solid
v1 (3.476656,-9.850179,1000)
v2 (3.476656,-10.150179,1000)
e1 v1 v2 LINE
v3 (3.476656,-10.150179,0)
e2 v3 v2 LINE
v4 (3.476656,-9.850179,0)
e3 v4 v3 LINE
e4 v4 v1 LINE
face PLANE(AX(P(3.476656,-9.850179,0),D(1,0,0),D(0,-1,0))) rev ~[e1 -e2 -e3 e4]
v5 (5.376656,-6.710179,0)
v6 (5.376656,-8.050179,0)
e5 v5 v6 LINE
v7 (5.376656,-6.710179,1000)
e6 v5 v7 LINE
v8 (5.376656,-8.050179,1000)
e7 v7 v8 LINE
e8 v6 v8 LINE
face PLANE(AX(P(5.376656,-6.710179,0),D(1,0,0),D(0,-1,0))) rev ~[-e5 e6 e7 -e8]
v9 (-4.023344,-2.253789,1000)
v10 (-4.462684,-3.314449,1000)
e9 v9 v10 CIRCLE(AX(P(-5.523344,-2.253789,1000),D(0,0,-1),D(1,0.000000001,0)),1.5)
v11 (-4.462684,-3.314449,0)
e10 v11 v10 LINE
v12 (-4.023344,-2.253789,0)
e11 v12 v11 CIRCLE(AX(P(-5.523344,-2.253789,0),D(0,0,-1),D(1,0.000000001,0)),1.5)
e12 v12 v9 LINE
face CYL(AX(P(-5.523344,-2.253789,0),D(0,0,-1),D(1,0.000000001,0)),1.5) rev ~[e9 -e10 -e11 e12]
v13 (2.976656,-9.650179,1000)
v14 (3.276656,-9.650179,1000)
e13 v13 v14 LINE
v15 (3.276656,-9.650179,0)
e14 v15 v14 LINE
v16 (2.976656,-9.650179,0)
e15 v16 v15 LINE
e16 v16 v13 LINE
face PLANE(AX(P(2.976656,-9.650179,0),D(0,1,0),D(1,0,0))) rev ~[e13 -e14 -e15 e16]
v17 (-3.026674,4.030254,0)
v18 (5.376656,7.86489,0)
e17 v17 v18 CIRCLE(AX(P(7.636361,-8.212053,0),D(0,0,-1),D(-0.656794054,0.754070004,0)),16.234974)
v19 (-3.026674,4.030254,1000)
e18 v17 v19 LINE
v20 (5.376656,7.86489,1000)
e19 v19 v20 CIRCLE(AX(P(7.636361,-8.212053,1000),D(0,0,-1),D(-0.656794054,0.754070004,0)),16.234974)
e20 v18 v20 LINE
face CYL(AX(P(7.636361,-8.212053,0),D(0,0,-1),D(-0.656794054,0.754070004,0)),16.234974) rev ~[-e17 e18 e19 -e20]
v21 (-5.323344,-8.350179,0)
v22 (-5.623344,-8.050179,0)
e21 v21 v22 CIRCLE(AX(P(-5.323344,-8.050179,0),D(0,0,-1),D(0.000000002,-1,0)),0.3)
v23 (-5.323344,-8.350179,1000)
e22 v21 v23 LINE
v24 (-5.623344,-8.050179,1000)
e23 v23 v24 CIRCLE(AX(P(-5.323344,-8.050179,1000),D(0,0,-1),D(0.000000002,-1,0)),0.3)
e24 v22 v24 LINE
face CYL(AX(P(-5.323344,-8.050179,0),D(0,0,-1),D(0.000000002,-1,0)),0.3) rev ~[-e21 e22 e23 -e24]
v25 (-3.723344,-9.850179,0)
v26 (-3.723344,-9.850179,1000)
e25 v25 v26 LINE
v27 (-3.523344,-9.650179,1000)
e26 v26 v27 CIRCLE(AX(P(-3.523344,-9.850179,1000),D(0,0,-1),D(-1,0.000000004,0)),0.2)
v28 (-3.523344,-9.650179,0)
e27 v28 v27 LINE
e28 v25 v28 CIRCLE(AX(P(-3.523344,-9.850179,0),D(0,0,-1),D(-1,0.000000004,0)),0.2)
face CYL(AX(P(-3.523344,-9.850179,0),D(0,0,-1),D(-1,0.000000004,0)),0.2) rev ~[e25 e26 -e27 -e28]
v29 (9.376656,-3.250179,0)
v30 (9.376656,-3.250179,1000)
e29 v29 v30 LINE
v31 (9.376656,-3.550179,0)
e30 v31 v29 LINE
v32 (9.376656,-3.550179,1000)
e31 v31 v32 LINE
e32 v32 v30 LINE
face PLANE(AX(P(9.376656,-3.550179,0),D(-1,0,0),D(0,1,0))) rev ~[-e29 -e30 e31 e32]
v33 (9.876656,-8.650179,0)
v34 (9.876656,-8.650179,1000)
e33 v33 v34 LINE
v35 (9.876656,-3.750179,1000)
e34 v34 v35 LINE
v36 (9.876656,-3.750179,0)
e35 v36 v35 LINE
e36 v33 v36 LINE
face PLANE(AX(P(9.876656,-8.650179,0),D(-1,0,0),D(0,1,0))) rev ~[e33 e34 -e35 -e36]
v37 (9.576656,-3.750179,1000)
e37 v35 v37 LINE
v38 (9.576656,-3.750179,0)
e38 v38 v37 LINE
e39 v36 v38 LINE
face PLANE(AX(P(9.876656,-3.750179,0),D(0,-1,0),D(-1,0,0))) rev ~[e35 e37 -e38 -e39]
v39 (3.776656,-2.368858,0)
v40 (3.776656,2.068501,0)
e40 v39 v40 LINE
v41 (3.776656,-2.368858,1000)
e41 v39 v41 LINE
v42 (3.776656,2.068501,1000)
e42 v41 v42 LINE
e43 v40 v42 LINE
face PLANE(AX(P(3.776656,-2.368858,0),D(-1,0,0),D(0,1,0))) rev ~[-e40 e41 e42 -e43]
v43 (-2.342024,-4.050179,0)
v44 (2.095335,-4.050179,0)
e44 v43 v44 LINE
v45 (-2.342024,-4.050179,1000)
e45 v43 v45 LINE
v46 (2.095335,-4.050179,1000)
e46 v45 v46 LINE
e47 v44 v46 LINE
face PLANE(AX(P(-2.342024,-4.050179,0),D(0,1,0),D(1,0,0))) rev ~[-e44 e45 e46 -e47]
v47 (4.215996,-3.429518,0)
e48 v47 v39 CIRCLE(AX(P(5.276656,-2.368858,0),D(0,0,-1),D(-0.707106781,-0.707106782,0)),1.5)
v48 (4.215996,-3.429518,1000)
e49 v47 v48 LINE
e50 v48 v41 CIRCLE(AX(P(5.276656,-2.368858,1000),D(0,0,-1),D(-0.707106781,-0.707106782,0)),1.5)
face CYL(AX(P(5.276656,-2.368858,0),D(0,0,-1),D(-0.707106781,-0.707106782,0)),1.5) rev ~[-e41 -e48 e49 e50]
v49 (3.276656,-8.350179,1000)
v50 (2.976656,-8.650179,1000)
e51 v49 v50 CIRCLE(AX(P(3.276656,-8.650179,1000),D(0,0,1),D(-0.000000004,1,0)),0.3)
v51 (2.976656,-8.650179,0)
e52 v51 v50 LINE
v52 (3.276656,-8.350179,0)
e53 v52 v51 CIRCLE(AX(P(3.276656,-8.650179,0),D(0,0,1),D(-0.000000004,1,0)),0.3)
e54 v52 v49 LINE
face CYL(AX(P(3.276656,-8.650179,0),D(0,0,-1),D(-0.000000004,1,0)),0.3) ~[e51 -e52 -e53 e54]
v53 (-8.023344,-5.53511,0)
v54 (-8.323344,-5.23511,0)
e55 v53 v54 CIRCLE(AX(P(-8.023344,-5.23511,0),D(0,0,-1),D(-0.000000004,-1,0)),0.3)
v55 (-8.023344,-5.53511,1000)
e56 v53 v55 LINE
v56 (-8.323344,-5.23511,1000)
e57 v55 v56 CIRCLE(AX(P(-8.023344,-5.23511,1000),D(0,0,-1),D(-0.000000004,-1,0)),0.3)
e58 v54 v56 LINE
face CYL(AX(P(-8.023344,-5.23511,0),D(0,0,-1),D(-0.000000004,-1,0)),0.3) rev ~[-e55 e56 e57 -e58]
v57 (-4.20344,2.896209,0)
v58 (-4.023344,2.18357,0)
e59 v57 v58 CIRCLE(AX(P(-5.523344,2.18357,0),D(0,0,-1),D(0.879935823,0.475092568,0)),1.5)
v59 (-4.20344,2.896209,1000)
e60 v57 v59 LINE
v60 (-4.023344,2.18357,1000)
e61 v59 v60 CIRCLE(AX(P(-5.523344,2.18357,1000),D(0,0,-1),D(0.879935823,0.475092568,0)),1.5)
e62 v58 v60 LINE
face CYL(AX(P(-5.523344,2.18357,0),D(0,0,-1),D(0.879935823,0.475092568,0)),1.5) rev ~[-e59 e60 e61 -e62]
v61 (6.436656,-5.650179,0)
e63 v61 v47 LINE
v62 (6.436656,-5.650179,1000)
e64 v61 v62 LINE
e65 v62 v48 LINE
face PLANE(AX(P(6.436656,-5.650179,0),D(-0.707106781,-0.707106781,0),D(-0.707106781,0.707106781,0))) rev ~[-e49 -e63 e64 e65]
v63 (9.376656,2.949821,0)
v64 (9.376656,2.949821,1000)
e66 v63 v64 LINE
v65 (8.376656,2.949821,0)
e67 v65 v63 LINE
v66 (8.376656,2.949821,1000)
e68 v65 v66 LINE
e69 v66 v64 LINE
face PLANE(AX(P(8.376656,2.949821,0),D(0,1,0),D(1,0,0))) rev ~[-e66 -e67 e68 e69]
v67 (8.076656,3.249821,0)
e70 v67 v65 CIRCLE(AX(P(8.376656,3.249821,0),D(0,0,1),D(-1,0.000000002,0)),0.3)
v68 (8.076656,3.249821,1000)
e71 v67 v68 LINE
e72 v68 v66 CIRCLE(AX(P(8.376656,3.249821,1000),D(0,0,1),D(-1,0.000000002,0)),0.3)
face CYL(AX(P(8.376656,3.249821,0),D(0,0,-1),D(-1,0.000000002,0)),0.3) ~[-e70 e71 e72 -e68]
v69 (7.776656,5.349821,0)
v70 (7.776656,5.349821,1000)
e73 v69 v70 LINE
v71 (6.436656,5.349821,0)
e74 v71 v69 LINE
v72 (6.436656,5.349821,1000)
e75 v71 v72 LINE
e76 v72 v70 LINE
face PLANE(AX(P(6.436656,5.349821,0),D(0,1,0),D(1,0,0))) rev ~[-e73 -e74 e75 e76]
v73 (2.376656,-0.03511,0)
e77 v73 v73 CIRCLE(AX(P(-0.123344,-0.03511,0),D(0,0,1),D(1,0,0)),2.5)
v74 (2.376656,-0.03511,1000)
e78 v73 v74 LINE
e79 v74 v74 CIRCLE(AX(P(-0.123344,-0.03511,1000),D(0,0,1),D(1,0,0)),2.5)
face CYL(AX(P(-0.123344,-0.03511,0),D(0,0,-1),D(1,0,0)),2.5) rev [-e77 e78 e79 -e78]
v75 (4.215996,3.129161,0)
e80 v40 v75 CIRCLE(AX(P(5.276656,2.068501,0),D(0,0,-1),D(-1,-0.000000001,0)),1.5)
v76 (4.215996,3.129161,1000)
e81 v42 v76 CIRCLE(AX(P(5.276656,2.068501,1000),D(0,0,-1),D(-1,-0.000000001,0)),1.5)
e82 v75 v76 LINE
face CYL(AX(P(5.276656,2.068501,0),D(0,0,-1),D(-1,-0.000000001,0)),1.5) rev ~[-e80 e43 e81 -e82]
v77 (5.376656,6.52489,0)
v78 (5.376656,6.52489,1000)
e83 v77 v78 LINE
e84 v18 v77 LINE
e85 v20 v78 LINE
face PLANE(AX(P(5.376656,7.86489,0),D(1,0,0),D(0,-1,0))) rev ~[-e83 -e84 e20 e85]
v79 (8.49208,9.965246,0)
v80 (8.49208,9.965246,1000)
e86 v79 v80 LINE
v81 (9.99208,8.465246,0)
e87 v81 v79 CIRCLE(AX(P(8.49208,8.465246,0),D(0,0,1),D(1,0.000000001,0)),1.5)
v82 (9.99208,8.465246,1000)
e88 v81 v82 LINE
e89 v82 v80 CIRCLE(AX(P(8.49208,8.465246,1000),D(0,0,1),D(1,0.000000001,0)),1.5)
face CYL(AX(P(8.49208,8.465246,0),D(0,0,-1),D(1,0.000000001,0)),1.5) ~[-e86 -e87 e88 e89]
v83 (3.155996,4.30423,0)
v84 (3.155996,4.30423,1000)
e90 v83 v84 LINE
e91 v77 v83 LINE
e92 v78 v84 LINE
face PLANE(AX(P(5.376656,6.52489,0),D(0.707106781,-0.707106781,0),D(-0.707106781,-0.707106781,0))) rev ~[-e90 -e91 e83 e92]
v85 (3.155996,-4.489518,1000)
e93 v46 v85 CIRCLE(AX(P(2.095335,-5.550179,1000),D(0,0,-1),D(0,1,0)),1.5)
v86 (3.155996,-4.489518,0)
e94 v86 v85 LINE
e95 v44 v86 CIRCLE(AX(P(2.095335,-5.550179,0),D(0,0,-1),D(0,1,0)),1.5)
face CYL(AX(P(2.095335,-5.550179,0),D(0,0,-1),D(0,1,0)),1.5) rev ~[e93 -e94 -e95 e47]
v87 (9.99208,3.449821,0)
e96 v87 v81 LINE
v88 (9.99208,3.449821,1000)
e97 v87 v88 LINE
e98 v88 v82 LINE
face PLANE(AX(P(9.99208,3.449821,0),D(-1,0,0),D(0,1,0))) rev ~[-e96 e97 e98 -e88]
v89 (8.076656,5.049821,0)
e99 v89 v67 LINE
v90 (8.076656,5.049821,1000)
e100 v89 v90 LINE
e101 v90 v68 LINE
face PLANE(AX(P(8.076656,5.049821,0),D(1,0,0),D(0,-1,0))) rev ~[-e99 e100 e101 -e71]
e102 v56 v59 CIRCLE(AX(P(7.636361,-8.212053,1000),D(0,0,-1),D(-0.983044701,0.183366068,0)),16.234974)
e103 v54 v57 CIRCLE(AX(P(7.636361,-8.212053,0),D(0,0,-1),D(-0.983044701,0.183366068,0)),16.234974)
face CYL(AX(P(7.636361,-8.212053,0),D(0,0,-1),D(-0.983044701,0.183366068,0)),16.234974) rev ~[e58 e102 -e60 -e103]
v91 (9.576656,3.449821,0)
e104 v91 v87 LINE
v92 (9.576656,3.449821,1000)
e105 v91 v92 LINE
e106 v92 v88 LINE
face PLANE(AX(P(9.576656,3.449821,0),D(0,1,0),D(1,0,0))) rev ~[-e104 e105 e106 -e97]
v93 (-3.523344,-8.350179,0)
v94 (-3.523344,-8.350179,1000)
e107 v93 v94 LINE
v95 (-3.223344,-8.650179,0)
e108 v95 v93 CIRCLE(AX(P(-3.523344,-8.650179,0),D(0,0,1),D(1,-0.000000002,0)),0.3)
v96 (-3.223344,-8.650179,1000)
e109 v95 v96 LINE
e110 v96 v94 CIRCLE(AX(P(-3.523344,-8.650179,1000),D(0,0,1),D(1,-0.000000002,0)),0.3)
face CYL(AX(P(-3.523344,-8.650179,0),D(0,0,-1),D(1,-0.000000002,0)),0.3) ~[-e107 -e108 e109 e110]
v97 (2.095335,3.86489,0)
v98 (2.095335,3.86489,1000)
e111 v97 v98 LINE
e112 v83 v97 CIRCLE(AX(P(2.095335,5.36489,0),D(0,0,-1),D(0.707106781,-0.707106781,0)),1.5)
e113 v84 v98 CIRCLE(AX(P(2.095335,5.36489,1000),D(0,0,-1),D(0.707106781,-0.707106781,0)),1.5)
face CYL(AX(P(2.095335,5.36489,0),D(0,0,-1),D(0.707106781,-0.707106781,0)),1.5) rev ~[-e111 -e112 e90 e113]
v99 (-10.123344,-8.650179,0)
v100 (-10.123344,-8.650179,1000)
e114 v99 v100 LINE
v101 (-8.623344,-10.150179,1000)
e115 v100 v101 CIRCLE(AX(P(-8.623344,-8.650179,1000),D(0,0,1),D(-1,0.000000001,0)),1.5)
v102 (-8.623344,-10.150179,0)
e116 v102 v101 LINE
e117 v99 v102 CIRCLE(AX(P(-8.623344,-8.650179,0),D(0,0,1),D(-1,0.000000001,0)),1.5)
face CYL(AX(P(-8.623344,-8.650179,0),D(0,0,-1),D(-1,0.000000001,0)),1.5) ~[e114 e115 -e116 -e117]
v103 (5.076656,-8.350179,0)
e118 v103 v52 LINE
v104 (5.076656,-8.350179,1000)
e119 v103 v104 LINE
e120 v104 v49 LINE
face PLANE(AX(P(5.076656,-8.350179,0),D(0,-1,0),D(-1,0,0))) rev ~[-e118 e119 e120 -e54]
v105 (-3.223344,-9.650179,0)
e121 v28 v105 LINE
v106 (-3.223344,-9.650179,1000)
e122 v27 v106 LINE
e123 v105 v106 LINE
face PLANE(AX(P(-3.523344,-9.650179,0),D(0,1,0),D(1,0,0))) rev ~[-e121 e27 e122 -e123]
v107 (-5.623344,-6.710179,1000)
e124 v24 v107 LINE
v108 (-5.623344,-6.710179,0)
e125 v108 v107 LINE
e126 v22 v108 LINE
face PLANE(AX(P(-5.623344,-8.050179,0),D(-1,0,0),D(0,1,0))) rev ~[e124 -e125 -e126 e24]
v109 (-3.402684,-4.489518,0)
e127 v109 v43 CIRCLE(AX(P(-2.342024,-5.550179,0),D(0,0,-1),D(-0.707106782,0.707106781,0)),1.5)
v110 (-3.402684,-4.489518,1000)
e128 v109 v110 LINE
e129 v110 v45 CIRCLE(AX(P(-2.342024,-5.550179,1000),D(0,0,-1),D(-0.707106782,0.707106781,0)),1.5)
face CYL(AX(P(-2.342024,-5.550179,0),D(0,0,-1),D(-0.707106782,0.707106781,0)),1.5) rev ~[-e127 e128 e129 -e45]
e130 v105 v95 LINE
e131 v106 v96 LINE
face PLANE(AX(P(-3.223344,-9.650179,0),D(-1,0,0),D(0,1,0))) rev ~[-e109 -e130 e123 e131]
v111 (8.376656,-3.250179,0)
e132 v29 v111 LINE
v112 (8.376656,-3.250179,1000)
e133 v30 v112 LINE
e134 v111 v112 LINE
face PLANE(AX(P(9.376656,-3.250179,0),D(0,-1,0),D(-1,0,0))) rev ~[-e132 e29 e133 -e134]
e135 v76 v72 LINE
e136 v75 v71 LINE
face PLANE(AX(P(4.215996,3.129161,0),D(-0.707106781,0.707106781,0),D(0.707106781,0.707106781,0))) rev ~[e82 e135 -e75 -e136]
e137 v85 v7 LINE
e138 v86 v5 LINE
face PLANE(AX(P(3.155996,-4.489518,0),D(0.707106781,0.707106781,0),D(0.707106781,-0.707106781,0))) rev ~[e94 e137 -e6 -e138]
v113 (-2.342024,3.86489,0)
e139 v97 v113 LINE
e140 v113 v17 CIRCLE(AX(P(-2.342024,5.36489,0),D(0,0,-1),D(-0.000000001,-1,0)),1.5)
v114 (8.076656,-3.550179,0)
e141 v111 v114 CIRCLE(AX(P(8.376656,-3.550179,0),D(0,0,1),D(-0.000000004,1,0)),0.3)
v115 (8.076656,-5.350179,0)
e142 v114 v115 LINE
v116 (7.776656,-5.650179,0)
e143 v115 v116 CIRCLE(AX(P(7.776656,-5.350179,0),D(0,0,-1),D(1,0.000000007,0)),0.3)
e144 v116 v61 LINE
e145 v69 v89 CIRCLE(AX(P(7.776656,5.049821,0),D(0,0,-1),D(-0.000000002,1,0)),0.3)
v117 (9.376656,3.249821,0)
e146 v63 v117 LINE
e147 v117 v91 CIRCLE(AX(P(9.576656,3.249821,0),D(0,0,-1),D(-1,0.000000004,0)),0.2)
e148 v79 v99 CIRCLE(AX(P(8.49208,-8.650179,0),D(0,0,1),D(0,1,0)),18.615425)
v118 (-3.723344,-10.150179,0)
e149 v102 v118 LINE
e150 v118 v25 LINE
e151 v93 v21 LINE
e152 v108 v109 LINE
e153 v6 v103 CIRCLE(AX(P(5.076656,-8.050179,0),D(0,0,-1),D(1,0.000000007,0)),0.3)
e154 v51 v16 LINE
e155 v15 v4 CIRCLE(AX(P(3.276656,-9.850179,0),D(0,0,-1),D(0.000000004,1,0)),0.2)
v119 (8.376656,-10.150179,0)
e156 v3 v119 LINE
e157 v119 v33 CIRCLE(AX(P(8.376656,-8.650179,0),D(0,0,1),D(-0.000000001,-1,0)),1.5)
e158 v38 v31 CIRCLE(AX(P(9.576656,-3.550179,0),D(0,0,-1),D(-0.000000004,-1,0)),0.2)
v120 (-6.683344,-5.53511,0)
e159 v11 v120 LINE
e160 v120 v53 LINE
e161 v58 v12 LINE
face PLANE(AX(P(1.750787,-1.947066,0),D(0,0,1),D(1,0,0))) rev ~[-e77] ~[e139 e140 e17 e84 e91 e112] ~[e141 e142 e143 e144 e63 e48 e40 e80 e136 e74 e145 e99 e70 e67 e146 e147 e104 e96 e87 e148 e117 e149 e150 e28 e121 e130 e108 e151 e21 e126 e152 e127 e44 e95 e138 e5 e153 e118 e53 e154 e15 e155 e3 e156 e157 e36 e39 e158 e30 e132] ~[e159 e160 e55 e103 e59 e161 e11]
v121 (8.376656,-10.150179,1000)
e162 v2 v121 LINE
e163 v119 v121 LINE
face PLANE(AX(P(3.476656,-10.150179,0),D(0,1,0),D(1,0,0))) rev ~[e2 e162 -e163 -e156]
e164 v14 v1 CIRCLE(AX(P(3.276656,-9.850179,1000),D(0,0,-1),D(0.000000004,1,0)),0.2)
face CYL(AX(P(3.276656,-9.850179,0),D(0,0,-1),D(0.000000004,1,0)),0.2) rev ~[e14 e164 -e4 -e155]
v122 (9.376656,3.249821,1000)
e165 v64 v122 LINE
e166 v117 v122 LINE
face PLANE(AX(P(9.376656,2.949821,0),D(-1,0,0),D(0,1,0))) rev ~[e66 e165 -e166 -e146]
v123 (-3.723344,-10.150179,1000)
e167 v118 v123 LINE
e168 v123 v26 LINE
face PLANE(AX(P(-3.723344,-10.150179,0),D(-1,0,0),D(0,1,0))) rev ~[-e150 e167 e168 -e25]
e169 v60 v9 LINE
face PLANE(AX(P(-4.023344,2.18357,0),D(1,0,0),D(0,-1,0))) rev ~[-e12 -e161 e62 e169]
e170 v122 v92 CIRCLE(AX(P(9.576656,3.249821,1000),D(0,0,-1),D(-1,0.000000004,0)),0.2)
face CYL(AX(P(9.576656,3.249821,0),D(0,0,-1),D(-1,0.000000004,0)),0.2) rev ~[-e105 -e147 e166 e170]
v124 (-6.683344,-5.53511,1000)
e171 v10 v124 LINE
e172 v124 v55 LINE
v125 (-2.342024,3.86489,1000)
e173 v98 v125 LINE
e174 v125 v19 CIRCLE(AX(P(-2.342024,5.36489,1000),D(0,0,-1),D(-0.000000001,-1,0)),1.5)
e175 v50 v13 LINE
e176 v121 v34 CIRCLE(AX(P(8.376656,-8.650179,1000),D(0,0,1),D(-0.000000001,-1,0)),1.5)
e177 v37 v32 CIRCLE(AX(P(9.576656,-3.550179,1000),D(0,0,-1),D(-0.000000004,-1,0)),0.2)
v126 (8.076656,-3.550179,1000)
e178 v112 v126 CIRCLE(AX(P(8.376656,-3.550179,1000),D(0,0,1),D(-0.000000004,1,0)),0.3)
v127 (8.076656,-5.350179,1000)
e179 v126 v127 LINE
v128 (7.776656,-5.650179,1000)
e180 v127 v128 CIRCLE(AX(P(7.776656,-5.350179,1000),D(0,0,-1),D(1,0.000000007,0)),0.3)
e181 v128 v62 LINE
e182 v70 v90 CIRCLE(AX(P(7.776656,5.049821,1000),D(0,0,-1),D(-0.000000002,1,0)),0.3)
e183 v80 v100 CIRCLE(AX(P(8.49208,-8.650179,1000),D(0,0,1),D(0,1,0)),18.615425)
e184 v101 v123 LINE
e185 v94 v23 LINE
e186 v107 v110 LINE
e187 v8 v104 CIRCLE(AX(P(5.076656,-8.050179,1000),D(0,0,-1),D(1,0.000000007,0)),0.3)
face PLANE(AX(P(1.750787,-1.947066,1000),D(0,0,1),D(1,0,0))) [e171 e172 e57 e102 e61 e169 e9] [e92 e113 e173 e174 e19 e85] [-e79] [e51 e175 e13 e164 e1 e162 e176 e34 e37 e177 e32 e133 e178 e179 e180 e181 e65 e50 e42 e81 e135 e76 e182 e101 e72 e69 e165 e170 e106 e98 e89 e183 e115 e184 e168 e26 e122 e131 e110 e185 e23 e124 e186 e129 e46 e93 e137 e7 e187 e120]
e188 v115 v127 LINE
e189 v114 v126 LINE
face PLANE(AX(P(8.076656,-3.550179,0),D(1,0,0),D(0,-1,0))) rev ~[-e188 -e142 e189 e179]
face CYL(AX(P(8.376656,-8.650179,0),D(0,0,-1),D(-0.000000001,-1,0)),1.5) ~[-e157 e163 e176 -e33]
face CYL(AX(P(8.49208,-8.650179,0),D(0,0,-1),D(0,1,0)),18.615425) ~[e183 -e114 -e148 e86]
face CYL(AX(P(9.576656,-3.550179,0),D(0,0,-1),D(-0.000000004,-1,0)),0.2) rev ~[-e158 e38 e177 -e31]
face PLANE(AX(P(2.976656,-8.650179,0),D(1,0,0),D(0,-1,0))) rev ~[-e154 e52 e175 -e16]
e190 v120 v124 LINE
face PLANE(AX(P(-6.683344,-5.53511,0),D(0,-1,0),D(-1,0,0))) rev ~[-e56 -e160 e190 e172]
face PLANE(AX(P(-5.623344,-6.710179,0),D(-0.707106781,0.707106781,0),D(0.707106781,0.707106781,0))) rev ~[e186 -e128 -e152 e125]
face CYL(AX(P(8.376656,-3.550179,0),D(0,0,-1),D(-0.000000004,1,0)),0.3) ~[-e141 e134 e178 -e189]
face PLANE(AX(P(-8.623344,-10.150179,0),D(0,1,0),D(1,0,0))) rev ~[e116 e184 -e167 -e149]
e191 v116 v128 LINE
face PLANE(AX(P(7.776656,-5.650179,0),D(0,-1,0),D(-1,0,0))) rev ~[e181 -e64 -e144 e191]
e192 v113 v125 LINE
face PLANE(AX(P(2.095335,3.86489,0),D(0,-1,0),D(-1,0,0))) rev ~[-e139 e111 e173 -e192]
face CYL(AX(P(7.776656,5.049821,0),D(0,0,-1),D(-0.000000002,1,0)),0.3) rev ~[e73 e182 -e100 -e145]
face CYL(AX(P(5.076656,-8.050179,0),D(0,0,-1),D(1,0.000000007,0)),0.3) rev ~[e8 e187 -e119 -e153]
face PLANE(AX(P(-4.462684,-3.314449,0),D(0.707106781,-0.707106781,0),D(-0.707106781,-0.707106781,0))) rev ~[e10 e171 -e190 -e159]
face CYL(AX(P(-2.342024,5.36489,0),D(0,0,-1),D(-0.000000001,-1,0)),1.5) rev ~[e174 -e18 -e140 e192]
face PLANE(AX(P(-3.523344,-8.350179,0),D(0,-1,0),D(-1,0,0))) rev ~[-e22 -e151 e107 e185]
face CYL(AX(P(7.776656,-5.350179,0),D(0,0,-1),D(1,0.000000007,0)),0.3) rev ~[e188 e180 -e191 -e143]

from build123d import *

# Parameters (mm, degrees)
SKETCH_1_R      = 2.5
EXTRUDE_1_DEPTH = 1000


with BuildPart() as part:
    # 草图1 → 凸台-拉伸1 (new body)
    with BuildSketch(Plane.XY):
        with BuildLine():
            Line((4.215995631, 3.129161171), (6.436655803, 5.349821343))
            Line((6.436655803, 5.349821343), (7.776655803, 5.349821343))
            ThreePointArc((7.776655803, 5.349821343), (7.988787838, 5.261953377), (8.076655803, 5.049821343))
            Line((8.076655803, 5.049821343), (8.076655803, 3.249821343))
            ThreePointArc((8.076655803, 3.249821343), (8.164523769, 3.037689308), (8.376655803, 2.949821343))
            Line((8.376655803, 2.949821343), (9.376655803, 2.949821343))
            Line((9.376655803, 2.949821343), (9.376655803, 3.249821343))
            ThreePointArc((9.376655803, 3.249821343), (9.435234447, 3.391242699), (9.576655803, 3.449821343))
            Line((9.576655803, 3.449821343), (9.99208048, 3.449821343))
            Line((9.99208048, 3.449821343), (9.99208048, 8.46524602))
            ThreePointArc((9.99208048, 8.46524602), (9.552740652, 9.525906191), (8.49208048, 9.96524602))
            ThreePointArc((8.49208048, 9.96524602), (-4.671012544, 4.512914366), (-10.123344197, -8.650178657))
            ThreePointArc((-10.123344197, -8.650178657), (-9.684004369, -9.710838829), (-8.623344197, -10.150178657))
            Line((-8.623344197, -10.150178657), (-3.723344197, -10.150178657))
            Line((-3.723344197, -10.150178657), (-3.723344197, -9.850178657))
            ThreePointArc((-3.723344197, -9.850178657), (-3.664765553, -9.708757301), (-3.523344197, -9.650178657))
            Line((-3.523344197, -9.650178657), (-3.223344197, -9.650178657))
            Line((-3.223344197, -9.650178657), (-3.223344197, -8.650178657))
            ThreePointArc((-3.223344197, -8.650178657), (-3.311212162, -8.438046623), (-3.523344197, -8.350178657))
            Line((-3.523344197, -8.350178657), (-5.323344197, -8.350178657))
            ThreePointArc((-5.323344197, -8.350178657), (-5.535476231, -8.262310692), (-5.623344197, -8.050178657))
            Line((-5.623344197, -8.050178657), (-5.623344197, -6.710178657))
            Line((-5.623344197, -6.710178657), (-3.402684025, -4.489518485))
            ThreePointArc((-3.402684025, -4.489518485), (-2.916049002, -4.164359358), (-2.342023853, -4.050178657))
            Line((-2.342023853, -4.050178657), (2.09533546, -4.050178657))
            ThreePointArc((2.09533546, -4.050178657), (2.669360608, -4.164359358), (3.155995631, -4.489518485))
            Line((3.155995631, -4.489518485), (5.376655803, -6.710178657))
            Line((5.376655803, -6.710178657), (5.376655803, -8.050178657))
            ThreePointArc((5.376655803, -8.050178657), (5.288787838, -8.262310692), (5.076655803, -8.350178657))
            Line((5.076655803, -8.350178657), (3.276655803, -8.350178657))
            ThreePointArc((3.276655803, -8.350178657), (3.064523769, -8.438046623), (2.976655803, -8.650178657))
            Line((2.976655803, -8.650178657), (2.976655803, -9.650178657))
            Line((2.976655803, -9.650178657), (3.276655803, -9.650178657))
            ThreePointArc((3.276655803, -9.650178657), (3.418077159, -9.708757301), (3.476655803, -9.850178657))
            Line((3.476655803, -9.850178657), (3.476655803, -10.150178657))
            Line((3.476655803, -10.150178657), (8.376655803, -10.150178657))
            ThreePointArc((8.376655803, -10.150178657), (9.437315975, -9.710838829), (9.876655803, -8.650178657))
            Line((9.876655803, -8.650178657), (9.876655803, -3.750178657))
            Line((9.876655803, -3.750178657), (9.576655803, -3.750178657))
            ThreePointArc((9.576655803, -3.750178657), (9.435234447, -3.691600013), (9.376655803, -3.550178657))
            Line((9.376655803, -3.550178657), (9.376655803, -3.250178657))
            Line((9.376655803, -3.250178657), (8.376655803, -3.250178657))
            ThreePointArc((8.376655803, -3.250178657), (8.164523769, -3.338046623), (8.076655803, -3.550178657))
            Line((8.076655803, -3.550178657), (8.076655803, -5.350178657))
            ThreePointArc((8.076655803, -5.350178657), (7.988787838, -5.562310692), (7.776655803, -5.650178657))
            Line((7.776655803, -5.650178657), (6.436655803, -5.650178657))
            Line((6.436655803, -5.650178657), (4.215995631, -3.429518485))
            ThreePointArc((4.215995631, -3.429518485), (3.890836504, -2.942883462), (3.776655803, -2.368858314))
            Line((3.776655803, -2.368858314), (3.776655803, 2.068500999))
            ThreePointArc((3.776655803, 2.068500999), (3.890836504, 2.642526148), (4.215995631, 3.129161171))
        make_face()
        with Locations((-0.123344197, -0.035109627)):
            Circle(SKETCH_1_R, mode=Mode.SUBTRACT)
        with BuildLine():
            Line((5.376655803, 7.864890373), (5.376655803, 6.524890373))
            Line((5.376655803, 6.524890373), (3.155995631, 4.304230202))
            ThreePointArc((3.155995631, 4.304230202), (2.669360608, 3.979071075), (2.09533546, 3.864890373))
            Line((2.09533546, 3.864890373), (-2.342023853, 3.864890373))
            ThreePointArc((-2.342023853, 3.864890373), (-2.69419221, 3.906817176), (-3.026673509, 4.030253775))
            ThreePointArc((-3.026673509, 4.030253775), (0.896523465, 6.557813899), (5.376655803, 7.864890373))
        make_face(mode=Mode.SUBTRACT)
        with BuildLine():
            Line((-4.023344197, 2.18357003), (-4.023344197, -2.253789283))
            ThreePointArc((-4.023344197, -2.253789283), (-4.137524898, -2.827814432), (-4.462684025, -3.314449455))
            Line((-4.462684025, -3.314449455), (-6.683344197, -5.535109627))
            Line((-6.683344197, -5.535109627), (-8.023344197, -5.535109627))
            ThreePointArc((-8.023344197, -5.535109627), (-8.235476231, -5.447241661), (-8.323344197, -5.235109627))
            ThreePointArc((-8.323344197, -5.235109627), (-6.845791054, -0.874365796), (-4.203440462, 2.89620888))
            ThreePointArc((-4.203440462, 2.89620888), (-4.069065062, 2.551091728), (-4.023344197, 2.18357003))
        make_face(mode=Mode.SUBTRACT)
    extrude(amount=EXTRUDE_1_DEPTH)


solid = part.part
